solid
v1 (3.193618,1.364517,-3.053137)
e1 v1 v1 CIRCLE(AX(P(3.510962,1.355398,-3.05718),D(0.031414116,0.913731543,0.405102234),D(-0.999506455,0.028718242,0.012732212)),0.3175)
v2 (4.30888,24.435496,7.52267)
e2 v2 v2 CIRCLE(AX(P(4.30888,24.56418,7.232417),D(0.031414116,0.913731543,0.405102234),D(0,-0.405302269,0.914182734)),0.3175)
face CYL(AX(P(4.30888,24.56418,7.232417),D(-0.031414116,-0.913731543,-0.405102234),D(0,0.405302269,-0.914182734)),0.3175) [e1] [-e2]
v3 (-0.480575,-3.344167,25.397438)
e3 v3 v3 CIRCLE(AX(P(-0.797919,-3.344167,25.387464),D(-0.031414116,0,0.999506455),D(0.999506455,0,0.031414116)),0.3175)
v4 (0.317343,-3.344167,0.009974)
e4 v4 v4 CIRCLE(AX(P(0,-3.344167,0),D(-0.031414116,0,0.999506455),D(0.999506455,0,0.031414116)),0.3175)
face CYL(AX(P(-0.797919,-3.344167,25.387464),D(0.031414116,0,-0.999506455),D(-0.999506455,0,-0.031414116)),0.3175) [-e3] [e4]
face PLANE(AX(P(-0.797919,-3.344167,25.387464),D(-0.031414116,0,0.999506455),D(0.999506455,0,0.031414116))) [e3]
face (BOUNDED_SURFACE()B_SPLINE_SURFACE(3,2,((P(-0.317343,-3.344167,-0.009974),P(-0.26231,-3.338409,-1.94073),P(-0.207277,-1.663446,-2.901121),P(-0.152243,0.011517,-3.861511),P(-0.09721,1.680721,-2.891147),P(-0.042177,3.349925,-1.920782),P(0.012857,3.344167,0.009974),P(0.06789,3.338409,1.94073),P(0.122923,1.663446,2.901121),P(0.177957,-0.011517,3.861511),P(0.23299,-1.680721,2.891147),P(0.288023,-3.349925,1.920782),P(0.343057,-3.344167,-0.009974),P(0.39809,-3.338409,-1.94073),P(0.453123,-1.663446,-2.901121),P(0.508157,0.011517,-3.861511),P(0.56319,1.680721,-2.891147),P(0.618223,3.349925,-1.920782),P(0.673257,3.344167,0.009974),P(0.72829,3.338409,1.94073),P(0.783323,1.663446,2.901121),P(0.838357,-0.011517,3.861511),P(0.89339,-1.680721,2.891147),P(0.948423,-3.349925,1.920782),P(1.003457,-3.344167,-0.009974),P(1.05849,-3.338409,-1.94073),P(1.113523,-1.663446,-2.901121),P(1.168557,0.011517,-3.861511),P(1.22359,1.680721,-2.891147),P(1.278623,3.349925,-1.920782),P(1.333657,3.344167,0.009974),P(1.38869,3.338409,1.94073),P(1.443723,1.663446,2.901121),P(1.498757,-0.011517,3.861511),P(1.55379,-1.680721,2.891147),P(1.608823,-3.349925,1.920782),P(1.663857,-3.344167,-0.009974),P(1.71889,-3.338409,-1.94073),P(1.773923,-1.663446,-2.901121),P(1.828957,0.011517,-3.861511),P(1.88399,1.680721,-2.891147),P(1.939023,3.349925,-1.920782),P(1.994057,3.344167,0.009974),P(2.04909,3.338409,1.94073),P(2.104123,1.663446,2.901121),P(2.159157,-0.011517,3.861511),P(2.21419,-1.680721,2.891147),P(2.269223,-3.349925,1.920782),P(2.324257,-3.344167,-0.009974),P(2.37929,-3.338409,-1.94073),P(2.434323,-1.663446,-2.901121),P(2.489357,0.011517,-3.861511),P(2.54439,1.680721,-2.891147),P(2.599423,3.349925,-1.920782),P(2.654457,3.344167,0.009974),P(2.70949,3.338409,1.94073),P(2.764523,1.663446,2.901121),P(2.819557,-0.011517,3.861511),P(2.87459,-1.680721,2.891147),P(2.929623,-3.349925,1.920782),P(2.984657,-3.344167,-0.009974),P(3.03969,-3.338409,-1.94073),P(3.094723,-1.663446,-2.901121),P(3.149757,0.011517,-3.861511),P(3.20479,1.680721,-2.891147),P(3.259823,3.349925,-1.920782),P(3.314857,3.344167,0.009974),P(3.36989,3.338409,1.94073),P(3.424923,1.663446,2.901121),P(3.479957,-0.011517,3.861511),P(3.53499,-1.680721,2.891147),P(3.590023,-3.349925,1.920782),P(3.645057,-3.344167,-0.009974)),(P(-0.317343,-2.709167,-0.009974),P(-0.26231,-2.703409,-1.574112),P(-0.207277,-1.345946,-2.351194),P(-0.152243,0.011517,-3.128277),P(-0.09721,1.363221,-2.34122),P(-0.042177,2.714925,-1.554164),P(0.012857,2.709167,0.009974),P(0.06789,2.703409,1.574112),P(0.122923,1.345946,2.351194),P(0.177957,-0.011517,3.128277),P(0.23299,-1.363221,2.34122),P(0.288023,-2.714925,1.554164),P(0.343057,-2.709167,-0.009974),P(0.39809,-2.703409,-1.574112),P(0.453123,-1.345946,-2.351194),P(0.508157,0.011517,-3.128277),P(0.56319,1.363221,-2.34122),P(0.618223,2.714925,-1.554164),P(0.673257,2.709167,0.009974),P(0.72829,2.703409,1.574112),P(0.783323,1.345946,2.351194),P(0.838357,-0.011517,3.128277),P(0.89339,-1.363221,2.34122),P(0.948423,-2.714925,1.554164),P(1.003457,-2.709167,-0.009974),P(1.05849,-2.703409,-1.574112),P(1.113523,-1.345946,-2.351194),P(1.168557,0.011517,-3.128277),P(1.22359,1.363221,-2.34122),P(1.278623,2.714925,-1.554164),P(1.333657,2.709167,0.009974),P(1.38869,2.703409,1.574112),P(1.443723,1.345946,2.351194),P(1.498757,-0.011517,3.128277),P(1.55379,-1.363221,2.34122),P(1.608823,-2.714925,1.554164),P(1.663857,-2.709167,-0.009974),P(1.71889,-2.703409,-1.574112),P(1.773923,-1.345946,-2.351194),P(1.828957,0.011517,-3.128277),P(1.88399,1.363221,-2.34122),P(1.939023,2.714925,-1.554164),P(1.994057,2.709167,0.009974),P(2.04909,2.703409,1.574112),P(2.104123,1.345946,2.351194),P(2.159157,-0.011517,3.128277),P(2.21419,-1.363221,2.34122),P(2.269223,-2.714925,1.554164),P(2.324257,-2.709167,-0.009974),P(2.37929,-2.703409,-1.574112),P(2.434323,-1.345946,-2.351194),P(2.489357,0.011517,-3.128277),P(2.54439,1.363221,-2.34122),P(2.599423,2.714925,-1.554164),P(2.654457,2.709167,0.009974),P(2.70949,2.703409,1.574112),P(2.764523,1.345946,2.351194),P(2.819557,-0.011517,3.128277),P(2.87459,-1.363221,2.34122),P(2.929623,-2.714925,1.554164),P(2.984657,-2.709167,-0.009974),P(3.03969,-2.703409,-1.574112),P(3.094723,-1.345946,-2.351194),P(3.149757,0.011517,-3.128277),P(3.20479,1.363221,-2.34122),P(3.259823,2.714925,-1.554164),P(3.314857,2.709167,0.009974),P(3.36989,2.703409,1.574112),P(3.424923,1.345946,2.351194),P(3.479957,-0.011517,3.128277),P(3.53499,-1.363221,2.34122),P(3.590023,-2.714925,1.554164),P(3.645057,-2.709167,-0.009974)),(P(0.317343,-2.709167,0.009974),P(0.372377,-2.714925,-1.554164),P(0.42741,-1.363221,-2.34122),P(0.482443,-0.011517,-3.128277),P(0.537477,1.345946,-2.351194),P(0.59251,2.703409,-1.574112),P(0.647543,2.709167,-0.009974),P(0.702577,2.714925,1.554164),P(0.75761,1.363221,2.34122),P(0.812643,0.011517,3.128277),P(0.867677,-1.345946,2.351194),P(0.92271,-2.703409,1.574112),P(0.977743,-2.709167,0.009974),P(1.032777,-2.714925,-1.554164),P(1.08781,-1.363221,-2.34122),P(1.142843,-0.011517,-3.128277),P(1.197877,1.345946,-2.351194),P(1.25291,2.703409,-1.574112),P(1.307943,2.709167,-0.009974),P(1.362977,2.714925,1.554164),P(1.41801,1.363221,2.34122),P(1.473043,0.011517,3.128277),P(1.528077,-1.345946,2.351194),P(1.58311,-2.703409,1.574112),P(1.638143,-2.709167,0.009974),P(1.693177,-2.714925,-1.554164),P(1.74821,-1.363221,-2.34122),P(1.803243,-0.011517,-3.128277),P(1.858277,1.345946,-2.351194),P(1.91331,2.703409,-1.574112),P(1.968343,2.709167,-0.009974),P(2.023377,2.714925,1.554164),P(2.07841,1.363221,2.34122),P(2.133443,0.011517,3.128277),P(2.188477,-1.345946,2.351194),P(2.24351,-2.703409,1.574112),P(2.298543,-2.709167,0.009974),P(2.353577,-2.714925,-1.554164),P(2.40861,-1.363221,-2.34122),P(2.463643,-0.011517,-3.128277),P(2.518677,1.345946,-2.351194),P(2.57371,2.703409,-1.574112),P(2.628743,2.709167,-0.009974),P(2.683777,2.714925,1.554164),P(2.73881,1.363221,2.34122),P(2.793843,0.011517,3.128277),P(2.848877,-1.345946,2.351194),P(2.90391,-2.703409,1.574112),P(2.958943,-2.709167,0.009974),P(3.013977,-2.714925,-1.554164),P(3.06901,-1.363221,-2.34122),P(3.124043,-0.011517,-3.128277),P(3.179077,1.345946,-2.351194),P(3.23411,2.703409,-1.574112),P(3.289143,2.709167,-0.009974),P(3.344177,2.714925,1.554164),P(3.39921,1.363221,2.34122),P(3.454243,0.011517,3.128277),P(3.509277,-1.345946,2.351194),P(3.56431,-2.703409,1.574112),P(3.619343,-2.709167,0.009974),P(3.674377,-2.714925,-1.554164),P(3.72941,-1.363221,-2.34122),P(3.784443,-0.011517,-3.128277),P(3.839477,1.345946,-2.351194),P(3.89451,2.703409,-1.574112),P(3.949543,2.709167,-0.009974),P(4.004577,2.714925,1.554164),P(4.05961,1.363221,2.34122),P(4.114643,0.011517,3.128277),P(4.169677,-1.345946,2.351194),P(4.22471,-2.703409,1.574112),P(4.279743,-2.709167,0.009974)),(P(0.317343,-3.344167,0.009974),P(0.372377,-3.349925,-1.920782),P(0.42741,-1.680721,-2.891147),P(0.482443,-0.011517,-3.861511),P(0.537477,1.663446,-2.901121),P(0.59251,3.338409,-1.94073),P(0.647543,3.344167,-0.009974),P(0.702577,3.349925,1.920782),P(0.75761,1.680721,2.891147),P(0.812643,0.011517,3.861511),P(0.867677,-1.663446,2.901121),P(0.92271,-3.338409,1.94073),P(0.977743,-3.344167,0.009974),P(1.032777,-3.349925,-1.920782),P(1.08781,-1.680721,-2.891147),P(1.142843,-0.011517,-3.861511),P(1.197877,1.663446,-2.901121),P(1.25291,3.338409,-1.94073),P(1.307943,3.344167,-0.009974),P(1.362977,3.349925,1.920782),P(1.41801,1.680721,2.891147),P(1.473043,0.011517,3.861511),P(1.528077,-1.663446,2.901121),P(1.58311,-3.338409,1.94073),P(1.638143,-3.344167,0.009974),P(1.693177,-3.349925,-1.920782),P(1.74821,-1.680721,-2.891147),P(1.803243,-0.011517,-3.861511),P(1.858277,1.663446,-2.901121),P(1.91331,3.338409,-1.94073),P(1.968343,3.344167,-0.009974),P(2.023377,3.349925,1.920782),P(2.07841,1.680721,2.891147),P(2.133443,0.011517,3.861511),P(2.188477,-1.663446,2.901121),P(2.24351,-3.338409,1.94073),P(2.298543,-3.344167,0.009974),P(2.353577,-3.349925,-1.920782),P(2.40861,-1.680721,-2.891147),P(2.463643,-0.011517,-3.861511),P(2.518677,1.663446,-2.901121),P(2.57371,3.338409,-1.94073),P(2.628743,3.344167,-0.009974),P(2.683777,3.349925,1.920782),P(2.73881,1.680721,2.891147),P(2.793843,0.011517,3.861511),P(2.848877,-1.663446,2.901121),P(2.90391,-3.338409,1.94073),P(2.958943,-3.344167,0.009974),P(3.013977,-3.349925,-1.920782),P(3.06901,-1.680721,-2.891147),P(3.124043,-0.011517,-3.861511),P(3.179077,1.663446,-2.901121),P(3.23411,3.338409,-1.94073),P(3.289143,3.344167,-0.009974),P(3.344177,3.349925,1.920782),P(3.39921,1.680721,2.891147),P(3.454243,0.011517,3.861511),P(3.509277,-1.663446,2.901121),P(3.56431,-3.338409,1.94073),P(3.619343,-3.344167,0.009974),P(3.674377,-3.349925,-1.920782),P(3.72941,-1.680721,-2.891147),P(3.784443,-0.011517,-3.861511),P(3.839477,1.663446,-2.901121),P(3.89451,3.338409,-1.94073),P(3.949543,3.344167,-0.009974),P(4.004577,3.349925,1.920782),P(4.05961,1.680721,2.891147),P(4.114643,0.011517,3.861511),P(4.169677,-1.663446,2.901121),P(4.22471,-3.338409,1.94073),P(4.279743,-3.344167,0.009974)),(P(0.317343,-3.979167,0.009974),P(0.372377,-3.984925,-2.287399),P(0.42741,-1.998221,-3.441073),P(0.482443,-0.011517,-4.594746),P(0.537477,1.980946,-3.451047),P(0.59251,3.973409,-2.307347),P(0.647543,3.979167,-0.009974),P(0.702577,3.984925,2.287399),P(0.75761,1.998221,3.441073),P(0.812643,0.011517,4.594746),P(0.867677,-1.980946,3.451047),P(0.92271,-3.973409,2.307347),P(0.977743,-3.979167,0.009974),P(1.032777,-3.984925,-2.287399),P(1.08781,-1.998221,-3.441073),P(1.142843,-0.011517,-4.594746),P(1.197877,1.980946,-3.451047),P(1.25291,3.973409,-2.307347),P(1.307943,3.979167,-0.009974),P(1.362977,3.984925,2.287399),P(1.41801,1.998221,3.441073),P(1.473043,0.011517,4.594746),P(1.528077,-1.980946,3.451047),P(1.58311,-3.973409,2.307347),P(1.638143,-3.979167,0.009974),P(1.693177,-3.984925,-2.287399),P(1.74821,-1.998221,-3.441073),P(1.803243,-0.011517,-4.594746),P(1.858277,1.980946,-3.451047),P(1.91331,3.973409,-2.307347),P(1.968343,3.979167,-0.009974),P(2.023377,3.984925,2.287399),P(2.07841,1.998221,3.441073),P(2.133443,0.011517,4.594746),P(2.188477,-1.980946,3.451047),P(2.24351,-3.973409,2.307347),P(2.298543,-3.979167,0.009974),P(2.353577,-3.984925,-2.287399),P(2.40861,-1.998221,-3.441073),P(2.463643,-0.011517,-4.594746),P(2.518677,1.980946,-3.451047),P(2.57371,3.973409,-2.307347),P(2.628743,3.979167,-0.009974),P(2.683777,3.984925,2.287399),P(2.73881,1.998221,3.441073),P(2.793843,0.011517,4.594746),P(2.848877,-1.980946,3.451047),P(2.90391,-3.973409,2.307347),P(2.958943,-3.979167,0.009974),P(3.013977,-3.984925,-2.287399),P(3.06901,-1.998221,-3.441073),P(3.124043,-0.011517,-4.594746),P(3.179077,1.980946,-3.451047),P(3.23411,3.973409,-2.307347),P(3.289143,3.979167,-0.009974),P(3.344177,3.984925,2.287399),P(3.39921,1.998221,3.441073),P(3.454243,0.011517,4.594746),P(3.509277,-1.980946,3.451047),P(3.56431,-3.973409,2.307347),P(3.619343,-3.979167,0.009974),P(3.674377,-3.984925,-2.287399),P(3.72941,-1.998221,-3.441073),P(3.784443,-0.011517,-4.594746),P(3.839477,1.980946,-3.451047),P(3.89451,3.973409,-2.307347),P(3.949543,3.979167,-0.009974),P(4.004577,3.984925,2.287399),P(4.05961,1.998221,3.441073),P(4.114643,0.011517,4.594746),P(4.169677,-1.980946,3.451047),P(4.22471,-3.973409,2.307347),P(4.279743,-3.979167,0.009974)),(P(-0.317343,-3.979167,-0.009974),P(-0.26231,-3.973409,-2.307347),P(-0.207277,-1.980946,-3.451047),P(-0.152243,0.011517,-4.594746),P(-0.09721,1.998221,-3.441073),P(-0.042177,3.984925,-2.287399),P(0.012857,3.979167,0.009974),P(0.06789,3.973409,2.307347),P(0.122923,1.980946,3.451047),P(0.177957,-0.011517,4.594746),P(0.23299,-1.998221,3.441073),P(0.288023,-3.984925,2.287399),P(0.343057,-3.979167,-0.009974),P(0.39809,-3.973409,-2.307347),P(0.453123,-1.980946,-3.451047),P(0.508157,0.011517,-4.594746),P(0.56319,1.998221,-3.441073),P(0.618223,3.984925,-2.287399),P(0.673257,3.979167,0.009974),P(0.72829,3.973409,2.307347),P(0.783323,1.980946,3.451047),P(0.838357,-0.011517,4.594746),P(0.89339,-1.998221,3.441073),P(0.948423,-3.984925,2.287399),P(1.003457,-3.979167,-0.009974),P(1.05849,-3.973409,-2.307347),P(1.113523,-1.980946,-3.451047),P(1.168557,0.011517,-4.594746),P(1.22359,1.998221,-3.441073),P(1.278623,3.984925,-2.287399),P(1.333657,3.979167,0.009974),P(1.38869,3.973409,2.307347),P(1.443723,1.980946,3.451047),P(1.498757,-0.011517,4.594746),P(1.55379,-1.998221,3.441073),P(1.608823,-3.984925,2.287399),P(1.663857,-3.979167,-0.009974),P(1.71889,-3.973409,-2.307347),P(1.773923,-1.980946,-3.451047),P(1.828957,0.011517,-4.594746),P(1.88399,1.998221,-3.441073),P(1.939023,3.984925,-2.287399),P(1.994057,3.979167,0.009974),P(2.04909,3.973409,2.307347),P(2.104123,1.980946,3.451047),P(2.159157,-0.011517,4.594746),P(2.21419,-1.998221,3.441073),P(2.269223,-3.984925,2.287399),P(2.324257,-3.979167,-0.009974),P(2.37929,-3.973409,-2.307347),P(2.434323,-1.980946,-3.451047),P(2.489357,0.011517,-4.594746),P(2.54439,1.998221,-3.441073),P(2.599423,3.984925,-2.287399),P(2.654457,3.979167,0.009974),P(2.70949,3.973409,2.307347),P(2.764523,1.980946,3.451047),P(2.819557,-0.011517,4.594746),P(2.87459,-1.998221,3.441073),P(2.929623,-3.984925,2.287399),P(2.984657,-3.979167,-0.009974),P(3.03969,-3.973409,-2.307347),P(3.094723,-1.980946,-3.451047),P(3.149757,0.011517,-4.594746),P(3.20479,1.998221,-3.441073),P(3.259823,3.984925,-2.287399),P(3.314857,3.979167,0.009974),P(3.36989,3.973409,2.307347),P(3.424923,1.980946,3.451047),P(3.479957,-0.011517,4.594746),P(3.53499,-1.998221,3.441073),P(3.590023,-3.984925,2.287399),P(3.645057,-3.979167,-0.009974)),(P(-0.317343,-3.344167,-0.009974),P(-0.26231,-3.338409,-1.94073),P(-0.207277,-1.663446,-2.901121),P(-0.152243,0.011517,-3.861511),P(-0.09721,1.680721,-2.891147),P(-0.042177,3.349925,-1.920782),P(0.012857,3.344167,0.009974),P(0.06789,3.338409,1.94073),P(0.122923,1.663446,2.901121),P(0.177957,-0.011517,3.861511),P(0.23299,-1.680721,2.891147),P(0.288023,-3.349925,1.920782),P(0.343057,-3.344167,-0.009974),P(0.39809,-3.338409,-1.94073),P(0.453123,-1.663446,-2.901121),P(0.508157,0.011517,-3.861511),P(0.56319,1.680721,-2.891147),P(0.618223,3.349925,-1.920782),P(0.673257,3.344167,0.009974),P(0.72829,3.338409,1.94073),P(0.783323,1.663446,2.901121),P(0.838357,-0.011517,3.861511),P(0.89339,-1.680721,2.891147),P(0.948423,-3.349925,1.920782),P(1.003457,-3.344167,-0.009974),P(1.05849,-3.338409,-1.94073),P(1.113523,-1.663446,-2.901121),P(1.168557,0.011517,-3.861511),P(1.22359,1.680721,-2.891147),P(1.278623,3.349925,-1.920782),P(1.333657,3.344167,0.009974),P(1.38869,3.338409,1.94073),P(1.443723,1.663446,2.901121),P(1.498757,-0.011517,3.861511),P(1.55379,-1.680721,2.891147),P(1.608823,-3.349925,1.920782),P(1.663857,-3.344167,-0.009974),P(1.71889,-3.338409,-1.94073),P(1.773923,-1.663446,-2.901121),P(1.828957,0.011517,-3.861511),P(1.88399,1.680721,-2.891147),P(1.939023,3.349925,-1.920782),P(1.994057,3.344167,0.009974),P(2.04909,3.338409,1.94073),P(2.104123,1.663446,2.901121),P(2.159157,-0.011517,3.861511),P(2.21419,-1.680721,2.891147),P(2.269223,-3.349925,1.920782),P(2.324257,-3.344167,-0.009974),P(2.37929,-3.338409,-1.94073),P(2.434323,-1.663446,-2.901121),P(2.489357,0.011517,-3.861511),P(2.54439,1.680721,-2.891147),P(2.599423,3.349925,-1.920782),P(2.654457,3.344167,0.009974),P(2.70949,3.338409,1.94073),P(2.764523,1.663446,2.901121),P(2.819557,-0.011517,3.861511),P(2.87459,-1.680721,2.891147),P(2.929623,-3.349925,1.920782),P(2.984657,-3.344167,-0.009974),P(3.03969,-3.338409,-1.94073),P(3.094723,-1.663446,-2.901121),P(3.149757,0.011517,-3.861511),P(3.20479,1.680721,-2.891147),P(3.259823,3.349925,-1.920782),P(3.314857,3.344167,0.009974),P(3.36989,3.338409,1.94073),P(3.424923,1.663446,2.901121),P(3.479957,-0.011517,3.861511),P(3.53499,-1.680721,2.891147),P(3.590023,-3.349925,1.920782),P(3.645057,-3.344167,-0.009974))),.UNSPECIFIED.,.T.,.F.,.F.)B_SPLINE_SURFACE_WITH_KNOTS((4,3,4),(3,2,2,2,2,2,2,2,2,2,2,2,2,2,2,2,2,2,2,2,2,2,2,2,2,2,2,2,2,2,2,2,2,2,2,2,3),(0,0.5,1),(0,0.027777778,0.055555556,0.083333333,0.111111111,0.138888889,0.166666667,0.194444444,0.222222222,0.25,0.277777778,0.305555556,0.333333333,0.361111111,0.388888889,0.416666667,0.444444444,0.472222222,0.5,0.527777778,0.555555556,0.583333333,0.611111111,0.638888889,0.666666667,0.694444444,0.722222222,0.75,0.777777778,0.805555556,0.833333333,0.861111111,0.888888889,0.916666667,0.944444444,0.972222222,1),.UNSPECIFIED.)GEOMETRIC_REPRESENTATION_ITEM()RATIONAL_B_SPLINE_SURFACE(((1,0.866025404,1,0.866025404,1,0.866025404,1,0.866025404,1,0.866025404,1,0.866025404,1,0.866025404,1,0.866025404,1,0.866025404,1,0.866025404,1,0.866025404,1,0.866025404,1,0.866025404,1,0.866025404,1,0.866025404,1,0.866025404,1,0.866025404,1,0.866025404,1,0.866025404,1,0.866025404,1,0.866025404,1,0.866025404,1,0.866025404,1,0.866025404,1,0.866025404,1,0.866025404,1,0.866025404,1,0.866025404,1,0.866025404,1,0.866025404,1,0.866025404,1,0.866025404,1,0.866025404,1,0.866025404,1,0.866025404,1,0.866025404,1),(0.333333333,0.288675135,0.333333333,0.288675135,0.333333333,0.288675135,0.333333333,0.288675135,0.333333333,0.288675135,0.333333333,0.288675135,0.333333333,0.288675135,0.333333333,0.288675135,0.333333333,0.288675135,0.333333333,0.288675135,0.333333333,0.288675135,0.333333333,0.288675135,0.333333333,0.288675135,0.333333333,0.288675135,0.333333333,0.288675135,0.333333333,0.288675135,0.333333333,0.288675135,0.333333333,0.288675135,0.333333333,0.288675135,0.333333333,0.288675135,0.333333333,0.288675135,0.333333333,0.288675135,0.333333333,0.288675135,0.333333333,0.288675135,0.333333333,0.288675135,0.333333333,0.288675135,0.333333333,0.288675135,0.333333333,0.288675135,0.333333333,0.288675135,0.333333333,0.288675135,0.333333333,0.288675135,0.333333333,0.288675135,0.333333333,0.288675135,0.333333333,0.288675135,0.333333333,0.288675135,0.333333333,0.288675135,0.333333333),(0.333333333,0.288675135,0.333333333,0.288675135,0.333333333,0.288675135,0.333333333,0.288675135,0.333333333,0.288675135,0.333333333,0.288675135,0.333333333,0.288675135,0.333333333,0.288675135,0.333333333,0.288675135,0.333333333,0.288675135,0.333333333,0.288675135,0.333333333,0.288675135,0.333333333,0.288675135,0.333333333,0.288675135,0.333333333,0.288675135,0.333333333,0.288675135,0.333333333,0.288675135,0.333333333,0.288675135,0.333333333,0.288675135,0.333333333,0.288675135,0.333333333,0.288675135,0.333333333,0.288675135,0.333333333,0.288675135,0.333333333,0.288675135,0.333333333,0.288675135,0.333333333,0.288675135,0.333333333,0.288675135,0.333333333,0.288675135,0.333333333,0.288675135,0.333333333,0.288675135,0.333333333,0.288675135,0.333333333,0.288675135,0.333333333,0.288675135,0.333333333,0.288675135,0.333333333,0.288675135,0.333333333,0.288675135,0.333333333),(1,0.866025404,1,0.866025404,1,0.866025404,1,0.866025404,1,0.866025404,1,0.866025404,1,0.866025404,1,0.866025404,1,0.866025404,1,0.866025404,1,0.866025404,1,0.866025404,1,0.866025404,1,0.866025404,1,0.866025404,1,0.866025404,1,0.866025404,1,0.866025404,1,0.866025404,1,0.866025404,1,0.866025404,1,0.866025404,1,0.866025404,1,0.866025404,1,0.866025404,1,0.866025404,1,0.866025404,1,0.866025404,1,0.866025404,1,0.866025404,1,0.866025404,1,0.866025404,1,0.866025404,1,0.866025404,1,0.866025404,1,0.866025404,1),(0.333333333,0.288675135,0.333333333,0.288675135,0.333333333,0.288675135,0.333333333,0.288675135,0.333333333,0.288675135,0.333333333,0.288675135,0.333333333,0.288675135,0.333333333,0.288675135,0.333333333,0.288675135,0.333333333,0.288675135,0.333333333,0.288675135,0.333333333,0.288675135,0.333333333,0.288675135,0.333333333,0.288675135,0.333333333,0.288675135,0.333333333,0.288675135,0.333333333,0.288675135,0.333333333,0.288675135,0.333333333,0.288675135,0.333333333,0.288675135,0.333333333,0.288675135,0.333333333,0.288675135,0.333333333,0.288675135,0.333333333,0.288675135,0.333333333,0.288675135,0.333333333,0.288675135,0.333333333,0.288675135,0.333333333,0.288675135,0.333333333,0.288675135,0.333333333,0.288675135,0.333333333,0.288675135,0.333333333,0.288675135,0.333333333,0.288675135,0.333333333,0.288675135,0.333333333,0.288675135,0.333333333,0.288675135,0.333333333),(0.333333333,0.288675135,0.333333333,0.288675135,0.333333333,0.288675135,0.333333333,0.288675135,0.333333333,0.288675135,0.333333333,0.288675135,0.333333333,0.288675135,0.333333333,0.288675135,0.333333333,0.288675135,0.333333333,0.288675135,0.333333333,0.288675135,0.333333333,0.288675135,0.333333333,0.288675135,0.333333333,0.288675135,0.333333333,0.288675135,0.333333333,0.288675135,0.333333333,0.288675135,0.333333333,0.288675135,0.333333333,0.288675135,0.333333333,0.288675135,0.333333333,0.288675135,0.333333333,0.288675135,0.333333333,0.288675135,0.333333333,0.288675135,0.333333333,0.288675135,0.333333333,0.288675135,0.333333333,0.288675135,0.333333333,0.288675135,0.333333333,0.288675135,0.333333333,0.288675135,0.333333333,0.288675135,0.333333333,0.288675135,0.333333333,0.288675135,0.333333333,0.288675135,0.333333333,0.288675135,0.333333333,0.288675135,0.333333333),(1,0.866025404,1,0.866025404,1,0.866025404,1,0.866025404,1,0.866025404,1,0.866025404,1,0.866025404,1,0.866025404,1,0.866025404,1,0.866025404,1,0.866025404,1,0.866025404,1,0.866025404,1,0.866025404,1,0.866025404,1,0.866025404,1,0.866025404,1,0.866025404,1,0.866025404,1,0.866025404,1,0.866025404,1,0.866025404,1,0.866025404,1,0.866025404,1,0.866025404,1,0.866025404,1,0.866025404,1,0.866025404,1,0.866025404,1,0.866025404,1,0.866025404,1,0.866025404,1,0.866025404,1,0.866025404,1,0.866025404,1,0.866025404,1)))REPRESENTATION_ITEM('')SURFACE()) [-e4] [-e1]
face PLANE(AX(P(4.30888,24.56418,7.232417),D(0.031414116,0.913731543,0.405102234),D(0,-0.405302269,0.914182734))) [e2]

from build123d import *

# Parameters (mm, degrees)
SWEEP1_PITCH       = 0.6604
SWEEP1_HEIGHT      = 3.510961696
SWEEP1_RADIUS      = 3.344167008
SWEEP1_START_ANGLE = 90
SKETCH2_R          = 0.3175
SKETCH3_R          = 0.3175
EXTRUDE1_DEPTH     = 25.4
SKETCH4_R          = 0.3175
EXTRUDE2_DEPTH     = 25.4


with BuildPart() as part:
    # Sweep1: sweep along a helix
    with BuildLine() as sweep1_path:
        add(Helix(SWEEP1_PITCH, SWEEP1_HEIGHT, SWEEP1_RADIUS, center=(0, 0, 0), direction=(1, 0, 0), mode=Mode.PRIVATE).rotate(Axis((0, 0, 0), (1, 0, 0)), SWEEP1_START_ANGLE))
    # Sketch2 → Sweep1 (sweep)
    with BuildSketch(Plane(origin=(0, -3.344167008, 0), x_dir=(-0.9995064548684439, 2.6721530143218954e-14, -0.031414115876710585), z_dir=(0.031414115876710585, 9.9587471789471e-15, -0.9995064548684439))):
        Circle(SKETCH2_R)
    sweep(path=sweep1_path.line, is_frenet=True)

    # Sketch3 → Extrude1 (add)
    with BuildSketch(Plane(origin=(0, 0, 0), x_dir=(0.9995064548684439, -2.6693777230677115e-14, 0.031414115876710585), z_dir=(-0.031414115876710585, -9.958747178947102e-15, 0.9995064548684439))):
        with Locations((0, -3.344167008)):
            Circle(SKETCH3_R)
    extrude(amount=EXTRUDE1_DEPTH)

    # Sketch4 → Extrude2 (add)
    with BuildSketch(Plane(origin=(0.003464781, 0.100778885, 0.044680248), x_dir=(0.4943889276570288, 0.338043987844521, -0.8008157406621742), z_dir=(0.03141411587671053, 0.9137315432513993, 0.40510223424599984))):
        with Locations(Location((4.64220255, -1.395742018, 0), (0, 0, 119.645556243))):
            Circle(SKETCH4_R)
    extrude(amount=EXTRUDE2_DEPTH)


solid = part.part
